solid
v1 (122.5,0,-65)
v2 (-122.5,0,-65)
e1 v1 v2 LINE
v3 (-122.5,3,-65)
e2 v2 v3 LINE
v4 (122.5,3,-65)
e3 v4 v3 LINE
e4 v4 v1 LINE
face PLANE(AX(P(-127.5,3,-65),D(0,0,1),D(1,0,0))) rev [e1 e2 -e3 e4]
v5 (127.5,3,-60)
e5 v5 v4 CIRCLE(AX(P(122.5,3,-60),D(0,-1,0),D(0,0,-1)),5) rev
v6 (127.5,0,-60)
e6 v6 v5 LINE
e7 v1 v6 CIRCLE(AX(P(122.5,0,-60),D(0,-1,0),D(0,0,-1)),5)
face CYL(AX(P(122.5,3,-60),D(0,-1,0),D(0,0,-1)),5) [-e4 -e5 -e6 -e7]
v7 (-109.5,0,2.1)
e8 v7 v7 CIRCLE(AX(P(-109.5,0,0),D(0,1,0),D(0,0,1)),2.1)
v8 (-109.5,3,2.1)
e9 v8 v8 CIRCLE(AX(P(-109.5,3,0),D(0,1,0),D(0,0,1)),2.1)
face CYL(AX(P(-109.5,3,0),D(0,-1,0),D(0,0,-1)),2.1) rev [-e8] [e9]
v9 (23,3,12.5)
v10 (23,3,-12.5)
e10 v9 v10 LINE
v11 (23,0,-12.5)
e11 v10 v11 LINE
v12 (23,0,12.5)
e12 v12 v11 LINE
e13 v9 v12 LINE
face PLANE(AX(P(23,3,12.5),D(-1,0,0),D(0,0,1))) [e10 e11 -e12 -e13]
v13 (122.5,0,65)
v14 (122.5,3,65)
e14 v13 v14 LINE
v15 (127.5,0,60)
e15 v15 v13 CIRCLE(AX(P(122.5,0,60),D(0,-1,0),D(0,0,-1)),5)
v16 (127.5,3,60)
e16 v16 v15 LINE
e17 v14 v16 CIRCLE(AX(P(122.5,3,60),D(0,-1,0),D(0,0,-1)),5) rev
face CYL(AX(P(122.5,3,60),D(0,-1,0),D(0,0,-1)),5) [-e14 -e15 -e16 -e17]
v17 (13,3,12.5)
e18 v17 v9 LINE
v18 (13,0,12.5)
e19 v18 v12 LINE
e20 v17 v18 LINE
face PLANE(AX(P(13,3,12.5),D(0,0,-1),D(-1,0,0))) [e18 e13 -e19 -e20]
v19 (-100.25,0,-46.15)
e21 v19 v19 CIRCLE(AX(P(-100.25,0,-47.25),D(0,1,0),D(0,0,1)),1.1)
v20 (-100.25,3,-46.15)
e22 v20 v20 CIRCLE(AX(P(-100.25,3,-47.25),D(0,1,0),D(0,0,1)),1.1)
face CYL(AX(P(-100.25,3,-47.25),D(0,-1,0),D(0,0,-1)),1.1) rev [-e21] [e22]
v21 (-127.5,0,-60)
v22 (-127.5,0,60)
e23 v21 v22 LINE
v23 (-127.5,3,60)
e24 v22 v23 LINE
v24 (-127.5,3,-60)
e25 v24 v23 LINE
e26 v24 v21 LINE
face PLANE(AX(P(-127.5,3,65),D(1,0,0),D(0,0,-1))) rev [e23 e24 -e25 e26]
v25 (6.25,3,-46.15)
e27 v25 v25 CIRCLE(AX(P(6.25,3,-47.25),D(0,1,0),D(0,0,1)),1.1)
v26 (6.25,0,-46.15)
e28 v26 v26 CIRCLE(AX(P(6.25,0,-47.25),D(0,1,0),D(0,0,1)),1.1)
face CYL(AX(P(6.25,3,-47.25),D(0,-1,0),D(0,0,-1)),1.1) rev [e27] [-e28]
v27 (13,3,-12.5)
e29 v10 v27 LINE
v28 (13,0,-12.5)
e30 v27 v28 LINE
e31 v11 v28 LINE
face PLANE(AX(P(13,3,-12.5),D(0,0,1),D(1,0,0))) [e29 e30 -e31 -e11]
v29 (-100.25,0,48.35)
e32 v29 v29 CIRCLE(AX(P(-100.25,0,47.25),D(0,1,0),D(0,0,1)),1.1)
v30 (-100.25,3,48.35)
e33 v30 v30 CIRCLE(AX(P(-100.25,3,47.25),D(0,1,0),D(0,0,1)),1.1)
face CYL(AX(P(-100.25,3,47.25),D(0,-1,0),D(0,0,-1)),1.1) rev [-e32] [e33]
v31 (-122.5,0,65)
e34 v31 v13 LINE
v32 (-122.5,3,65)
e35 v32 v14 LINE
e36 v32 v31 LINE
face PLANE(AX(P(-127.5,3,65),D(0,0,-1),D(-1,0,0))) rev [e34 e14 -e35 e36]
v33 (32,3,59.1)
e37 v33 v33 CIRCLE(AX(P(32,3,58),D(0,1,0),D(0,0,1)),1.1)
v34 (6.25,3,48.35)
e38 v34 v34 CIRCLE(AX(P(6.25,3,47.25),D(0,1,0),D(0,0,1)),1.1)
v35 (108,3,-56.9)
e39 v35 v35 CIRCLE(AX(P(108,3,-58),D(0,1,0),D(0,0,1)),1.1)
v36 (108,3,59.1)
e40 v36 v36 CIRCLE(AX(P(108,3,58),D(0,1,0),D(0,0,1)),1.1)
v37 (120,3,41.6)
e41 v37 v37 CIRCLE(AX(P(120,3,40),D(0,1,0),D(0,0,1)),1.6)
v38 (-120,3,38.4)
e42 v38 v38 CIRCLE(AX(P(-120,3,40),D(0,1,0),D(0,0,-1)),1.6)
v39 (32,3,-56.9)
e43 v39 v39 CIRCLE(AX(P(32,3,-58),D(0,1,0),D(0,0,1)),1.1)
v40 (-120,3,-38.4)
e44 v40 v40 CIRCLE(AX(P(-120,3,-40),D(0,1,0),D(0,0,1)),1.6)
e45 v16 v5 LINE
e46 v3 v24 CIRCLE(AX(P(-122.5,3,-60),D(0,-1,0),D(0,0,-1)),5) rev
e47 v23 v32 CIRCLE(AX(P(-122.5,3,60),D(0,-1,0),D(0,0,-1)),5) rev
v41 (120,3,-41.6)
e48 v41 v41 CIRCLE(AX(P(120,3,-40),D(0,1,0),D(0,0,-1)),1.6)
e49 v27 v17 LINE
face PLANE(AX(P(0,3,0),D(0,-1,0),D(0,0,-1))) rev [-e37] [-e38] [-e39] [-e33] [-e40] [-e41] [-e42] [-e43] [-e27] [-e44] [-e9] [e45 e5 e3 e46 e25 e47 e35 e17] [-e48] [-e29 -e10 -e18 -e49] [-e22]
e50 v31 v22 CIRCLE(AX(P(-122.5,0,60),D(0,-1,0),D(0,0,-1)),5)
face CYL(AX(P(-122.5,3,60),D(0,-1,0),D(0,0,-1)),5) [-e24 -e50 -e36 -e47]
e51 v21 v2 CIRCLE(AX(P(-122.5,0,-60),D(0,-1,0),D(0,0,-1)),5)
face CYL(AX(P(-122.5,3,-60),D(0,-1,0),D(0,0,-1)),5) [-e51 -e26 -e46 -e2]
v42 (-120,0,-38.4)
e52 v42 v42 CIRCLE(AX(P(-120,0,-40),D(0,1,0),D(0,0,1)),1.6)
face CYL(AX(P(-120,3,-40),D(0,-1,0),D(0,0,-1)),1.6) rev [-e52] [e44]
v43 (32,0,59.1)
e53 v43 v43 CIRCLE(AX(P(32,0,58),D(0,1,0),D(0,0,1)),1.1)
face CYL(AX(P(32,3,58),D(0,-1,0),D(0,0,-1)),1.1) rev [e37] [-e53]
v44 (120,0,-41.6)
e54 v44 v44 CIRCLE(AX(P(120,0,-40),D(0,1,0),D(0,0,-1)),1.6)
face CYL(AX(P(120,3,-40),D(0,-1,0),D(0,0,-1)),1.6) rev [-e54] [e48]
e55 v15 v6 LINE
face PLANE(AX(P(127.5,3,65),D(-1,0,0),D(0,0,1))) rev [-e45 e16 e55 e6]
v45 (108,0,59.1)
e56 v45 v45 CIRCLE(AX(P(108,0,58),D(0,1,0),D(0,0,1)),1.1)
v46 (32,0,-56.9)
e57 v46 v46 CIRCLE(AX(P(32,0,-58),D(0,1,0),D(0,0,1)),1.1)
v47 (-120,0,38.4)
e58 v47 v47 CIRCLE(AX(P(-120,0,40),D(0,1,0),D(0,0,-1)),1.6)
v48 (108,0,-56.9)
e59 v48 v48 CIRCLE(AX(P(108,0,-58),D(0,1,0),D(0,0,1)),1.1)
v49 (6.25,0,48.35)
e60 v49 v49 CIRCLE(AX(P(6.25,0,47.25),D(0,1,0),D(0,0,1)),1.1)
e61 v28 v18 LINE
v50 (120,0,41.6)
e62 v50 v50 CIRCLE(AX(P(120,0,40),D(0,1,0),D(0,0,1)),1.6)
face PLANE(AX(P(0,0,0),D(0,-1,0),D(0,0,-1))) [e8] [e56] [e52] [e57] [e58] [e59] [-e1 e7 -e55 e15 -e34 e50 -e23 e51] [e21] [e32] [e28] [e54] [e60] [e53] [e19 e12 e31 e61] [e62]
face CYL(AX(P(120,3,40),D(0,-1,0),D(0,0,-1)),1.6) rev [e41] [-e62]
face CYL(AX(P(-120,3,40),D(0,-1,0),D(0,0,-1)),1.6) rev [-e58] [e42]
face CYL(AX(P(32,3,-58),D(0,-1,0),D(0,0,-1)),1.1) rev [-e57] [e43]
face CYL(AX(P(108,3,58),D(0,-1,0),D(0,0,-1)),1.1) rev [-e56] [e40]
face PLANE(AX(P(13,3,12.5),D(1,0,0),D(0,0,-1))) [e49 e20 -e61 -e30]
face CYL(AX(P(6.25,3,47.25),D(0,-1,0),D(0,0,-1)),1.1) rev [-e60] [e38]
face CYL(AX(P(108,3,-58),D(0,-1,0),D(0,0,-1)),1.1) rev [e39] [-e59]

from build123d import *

# Parameters (mm, degrees)
SKETCH1_W           = 255
SKETCH1_H           = 130
SKETCH1_R           = 1.6
SKETCH1_R_2         = 1.1
SKETCH1_R_3         = 2.1
SKETCH1_W_2         = 10
SKETCH1_H_2         = 25
BOSS_EXTRUDE1_DEPTH = 3
FILLET1_R           = 5


with BuildPart() as part:
    # Sketch1 → Boss-Extrude1 (new body)
    with BuildSketch(Plane(origin=(0, 0, 0), x_dir=(1, 0, 0), z_dir=(0, 1, 0))):
        Rectangle(SKETCH1_W, SKETCH1_H)
        with Locations((120, -40)):
            Circle(SKETCH1_R, mode=Mode.SUBTRACT)
        with Locations((-120, -40)):
            Circle(SKETCH1_R, mode=Mode.SUBTRACT)
        with Locations((120, 40)):
            Circle(SKETCH1_R, mode=Mode.SUBTRACT)
        with Locations((-120, 40)):
            Circle(SKETCH1_R, mode=Mode.SUBTRACT)
        with Locations((32, -58)):
            Circle(SKETCH1_R_2, mode=Mode.SUBTRACT)
        with Locations((108, -58)):
            Circle(SKETCH1_R_2, mode=Mode.SUBTRACT)
        with Locations((108, 58)):
            Circle(SKETCH1_R_2, mode=Mode.SUBTRACT)
        with Locations((32, 58)):
            Circle(SKETCH1_R_2, mode=Mode.SUBTRACT)
        with Locations((-100.25, 47.25)):
            Circle(SKETCH1_R_2, mode=Mode.SUBTRACT)
        with Locations((6.25, 47.25)):
            Circle(SKETCH1_R_2, mode=Mode.SUBTRACT)
        with Locations((-100.25, -47.25)):
            Circle(SKETCH1_R_2, mode=Mode.SUBTRACT)
        with Locations((6.25, -47.25)):
            Circle(SKETCH1_R_2, mode=Mode.SUBTRACT)
        with Locations((-109.5, 0)):
            Circle(SKETCH1_R_3, mode=Mode.SUBTRACT)
        with Locations((18, 0)):
            Rectangle(SKETCH1_W_2, SKETCH1_H_2, mode=Mode.SUBTRACT)
    extrude(amount=BOSS_EXTRUDE1_DEPTH)

    # Fillet1
    fillet1_edges = [part.edges().sort_by_distance(p)[0] for p in [
        (127.5, 1.5, 65),
        (-127.5, 1.5, 65),
        (-127.5, 1.5, -65),
        (127.5, 1.5, -65),
    ]]
    fillet(fillet1_edges, radius=FILLET1_R)


solid = part.part
